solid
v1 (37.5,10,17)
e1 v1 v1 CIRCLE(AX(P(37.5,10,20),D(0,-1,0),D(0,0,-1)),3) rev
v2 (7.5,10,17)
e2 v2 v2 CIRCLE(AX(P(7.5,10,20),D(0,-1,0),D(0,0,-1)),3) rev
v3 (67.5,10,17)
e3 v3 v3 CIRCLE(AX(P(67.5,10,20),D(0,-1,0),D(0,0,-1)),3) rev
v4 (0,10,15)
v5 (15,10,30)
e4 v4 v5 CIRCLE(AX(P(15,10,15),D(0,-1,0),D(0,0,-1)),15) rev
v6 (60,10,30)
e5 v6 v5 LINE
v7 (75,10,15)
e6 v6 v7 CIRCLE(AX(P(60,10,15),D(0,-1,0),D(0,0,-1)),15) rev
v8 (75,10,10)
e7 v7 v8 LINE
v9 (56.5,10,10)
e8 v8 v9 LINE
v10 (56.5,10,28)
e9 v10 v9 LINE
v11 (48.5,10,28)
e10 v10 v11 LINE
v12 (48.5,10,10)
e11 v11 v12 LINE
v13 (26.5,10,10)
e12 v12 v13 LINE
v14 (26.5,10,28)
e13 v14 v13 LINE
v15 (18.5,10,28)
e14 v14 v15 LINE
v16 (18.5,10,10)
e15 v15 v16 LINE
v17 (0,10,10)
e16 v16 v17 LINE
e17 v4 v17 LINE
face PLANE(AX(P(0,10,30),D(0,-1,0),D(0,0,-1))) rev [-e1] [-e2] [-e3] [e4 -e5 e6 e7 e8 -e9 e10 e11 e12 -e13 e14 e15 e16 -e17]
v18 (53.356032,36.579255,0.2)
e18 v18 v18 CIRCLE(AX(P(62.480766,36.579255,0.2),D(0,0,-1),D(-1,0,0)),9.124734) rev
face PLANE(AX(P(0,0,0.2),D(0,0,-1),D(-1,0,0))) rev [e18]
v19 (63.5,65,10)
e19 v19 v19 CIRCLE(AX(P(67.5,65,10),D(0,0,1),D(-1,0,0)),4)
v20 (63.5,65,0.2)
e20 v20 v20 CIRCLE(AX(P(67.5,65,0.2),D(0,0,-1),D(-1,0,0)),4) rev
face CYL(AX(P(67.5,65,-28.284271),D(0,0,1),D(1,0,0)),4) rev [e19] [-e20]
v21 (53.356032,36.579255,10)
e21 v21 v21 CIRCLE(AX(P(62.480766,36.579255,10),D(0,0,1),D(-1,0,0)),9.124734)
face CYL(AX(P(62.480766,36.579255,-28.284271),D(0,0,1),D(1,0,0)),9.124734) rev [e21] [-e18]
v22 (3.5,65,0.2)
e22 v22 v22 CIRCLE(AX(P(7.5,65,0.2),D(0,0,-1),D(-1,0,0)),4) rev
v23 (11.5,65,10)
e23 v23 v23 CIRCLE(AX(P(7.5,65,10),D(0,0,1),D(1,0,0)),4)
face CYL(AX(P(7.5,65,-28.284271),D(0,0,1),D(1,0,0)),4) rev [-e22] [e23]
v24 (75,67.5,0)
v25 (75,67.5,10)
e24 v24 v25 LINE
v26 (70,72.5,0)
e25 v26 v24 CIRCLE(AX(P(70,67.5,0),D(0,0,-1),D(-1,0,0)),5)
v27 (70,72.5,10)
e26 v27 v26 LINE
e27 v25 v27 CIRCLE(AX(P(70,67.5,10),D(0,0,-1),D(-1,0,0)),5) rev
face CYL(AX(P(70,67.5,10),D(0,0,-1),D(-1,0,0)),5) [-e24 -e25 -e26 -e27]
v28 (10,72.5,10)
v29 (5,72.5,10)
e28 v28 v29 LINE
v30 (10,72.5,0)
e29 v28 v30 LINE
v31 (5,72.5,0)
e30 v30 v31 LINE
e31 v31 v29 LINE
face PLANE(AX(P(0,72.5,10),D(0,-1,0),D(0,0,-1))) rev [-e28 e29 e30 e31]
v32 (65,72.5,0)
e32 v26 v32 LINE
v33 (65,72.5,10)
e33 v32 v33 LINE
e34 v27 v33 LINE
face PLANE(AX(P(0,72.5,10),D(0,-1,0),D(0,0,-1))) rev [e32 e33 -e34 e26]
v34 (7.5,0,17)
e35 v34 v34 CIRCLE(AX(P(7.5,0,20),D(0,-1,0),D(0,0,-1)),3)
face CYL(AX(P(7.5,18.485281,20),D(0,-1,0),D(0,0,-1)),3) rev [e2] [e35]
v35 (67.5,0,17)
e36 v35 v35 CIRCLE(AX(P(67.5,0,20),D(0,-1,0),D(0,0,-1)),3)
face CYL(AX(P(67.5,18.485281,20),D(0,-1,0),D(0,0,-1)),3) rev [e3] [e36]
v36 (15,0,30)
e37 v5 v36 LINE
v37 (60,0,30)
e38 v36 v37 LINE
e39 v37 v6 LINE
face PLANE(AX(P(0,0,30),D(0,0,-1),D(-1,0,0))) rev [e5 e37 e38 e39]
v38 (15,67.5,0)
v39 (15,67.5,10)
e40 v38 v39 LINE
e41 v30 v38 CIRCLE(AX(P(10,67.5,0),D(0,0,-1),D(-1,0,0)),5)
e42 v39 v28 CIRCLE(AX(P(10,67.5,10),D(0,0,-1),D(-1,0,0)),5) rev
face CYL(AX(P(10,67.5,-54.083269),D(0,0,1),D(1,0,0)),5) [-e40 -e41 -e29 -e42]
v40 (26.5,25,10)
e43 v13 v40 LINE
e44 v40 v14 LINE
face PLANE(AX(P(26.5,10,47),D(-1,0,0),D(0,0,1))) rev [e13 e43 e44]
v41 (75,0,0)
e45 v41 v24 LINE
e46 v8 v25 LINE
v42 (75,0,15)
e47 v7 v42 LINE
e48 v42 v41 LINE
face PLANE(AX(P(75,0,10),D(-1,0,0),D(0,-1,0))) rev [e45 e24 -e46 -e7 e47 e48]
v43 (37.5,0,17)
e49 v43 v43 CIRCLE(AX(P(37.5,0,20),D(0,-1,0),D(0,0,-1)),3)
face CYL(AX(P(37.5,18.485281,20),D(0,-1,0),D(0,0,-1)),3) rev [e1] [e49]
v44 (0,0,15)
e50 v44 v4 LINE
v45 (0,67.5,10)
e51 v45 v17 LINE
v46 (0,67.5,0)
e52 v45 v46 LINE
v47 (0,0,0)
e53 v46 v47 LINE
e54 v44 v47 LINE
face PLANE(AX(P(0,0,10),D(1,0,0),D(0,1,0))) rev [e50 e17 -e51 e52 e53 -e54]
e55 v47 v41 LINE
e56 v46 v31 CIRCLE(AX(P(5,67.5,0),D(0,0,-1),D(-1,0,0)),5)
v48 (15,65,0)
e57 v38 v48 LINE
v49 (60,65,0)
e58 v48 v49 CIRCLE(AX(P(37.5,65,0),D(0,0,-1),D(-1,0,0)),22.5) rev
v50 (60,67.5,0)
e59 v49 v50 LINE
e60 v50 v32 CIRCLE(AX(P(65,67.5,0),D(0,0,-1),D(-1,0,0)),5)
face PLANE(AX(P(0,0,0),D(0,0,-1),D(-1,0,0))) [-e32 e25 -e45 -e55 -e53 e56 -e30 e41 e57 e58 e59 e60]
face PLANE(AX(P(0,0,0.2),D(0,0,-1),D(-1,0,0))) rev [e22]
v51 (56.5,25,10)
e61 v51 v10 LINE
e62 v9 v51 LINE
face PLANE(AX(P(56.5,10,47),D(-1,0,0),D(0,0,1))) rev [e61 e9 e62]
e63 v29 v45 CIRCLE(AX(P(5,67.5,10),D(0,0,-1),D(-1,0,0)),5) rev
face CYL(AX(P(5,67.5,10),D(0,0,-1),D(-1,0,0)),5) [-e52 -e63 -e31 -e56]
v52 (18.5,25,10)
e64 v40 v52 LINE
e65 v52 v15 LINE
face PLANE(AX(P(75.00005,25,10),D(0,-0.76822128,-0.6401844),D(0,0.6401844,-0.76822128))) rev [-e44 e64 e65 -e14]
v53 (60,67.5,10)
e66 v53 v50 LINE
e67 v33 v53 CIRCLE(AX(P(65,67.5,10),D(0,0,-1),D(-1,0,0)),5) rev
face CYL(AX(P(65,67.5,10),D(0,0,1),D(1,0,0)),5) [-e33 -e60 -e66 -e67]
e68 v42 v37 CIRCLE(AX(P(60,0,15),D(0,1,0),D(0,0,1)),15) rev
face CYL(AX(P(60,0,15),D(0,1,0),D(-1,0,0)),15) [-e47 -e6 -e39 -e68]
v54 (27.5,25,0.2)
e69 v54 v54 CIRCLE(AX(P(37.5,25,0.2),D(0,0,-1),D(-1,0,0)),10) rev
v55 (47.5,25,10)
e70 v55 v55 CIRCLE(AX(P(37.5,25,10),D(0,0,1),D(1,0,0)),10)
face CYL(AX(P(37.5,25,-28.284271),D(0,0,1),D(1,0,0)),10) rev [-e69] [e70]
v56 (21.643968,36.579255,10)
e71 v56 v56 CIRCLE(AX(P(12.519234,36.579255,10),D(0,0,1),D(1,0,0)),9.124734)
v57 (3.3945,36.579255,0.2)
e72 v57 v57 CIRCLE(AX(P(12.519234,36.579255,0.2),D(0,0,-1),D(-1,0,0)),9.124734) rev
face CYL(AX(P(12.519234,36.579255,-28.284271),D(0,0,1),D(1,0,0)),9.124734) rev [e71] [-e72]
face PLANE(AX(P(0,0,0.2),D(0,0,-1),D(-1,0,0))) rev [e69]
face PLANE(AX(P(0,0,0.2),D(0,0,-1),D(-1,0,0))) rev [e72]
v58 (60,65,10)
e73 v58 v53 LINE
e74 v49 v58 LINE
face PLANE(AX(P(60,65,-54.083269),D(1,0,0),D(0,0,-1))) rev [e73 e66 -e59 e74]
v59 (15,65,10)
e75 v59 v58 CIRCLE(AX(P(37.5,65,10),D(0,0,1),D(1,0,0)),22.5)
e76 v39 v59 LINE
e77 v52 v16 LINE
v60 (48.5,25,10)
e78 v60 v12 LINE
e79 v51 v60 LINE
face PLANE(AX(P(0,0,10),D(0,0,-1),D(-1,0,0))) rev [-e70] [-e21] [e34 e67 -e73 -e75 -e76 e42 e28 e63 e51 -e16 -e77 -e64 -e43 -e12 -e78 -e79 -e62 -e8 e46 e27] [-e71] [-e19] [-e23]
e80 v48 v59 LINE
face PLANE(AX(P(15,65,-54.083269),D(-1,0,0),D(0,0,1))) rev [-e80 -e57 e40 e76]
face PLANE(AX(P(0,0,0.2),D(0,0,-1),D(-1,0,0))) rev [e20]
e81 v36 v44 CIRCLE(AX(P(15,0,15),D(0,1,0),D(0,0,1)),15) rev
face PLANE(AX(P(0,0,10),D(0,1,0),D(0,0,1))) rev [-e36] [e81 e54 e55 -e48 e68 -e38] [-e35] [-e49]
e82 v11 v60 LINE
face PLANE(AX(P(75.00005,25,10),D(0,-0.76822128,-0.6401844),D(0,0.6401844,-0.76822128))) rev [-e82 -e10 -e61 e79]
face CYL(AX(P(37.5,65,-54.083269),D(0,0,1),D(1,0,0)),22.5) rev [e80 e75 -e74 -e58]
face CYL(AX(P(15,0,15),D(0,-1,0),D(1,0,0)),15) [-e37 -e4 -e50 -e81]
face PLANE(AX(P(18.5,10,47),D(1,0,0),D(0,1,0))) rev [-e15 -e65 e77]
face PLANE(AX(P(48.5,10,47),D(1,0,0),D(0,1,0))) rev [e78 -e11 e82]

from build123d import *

# Parameters (mm, degrees)
SKETCH1_W           = 75
SKETCH1_H           = 72.5
BOSS_EXTRUDE1_DEPTH = 10
CUT_EXTRUDE1_DEPTH  = 10
SKETCH3_W           = 75
SKETCH3_H           = 10
FEET_DEPTH          = 20
SKETCH4_R           = 3
FEET_HOLE_DEPTH     = 10
SKETCH6_W           = 8
SKETCH6_H           = 15
BOSS_EXTRUDE2_DEPTH = 18
CUT_EXTRUDE2_DEPTH  = 97.687641403
SKETCH5_R           = 4
SKETCH5_R_2         = 10
SKETCH5_R_3         = 9.124733902
CUT_EXTRUDE3_DEPTH  = 9.8
FILLET1_R           = 5
FILLET2_R           = 15


with BuildPart() as part:
    # Sketch1 → Boss-Extrude1 (new body)
    with BuildSketch(Plane.XY):
        with Locations((37.5, 36.25)):
            Rectangle(SKETCH1_W, SKETCH1_H)
    extrude(amount=BOSS_EXTRUDE1_DEPTH)

    # Sketch2 → Cut-Extrude1 (cut)
    with BuildSketch(Plane.XY.offset(10)):
        with BuildLine():
            Line((60, 65), (60, 72.5))
            Line((60, 72.5), (15, 72.5))
            Line((15, 72.5), (15, 65))
            ThreePointArc((15, 65), (37.5, 42.5), (60, 65))
        make_face()
    extrude(amount=-CUT_EXTRUDE1_DEPTH, mode=Mode.SUBTRACT)

    # Sketch3 → feet (add)
    with BuildSketch(Plane.XY.offset(10)):
        with Locations((37.5, 5)):
            Rectangle(SKETCH3_W, SKETCH3_H)
    extrude(amount=FEET_DEPTH)

    # Sketch4 → feet-hole (cut)
    with BuildSketch(Plane.XZ):
        with Locations(Location((7.5, 20, 0), (0, 0, 270))):
            Circle(SKETCH4_R)
        with Locations(Location((67.5, 20, 0), (0, 0, 270))):
            Circle(SKETCH4_R)
        with Locations(Location((37.5, 20, 0), (0, 0, 270))):
            Circle(SKETCH4_R)
    extrude(amount=-FEET_HOLE_DEPTH, mode=Mode.SUBTRACT)

    # Sketch6 → Boss-Extrude2 (add)
    with BuildSketch(Plane.XY.offset(10)):
        with Locations((22.5, 17.5)):
            Rectangle(SKETCH6_W, SKETCH6_H)
        with Locations((52.5, 17.5)):
            Rectangle(SKETCH6_W, SKETCH6_H)
    extrude(amount=BOSS_EXTRUDE2_DEPTH)

    # Sketch7 → Cut-Extrude2 (cut, through all)
    with BuildSketch(Plane.ZY.offset(-18.5)):
        Polygon((10, 25), (28, 10), (28, 25), align=None)
    extrude(amount=-CUT_EXTRUDE2_DEPTH, mode=Mode.SUBTRACT)

    # Sketch5 → Cut-Extrude3 (cut)
    with BuildSketch(Plane.XY.offset(10)):
        with Locations((7.5, 65)):
            Circle(SKETCH5_R)
        with Locations(Location((67.5, 65, 0), (0, 0, 180))):
            Circle(SKETCH5_R)
        with Locations((37.5, 25)):
            Circle(SKETCH5_R_2)
        with Locations((12.51923423, 36.579255476)):
            Circle(SKETCH5_R_3)
        with Locations(Location((62.48076577, 36.579255476, 0), (0, 0, 180))):
            Circle(SKETCH5_R_3)
    extrude(amount=-CUT_EXTRUDE3_DEPTH, mode=Mode.SUBTRACT)

    # Fillet1
    fillet1_edges = [part.edges().sort_by_distance(p)[0] for p in [
        (0, 72.5, 5),
        (15, 72.5, 5),
        (60, 72.5, 5),
        (75, 72.5, 5),
    ]]
    fillet(fillet1_edges, radius=FILLET1_R)

    # Fillet2
    fillet2_edges = [part.edges().sort_by_distance(p)[0] for p in [
        (0, 5, 30),
        (75, 5, 30),
    ]]
    fillet(fillet2_edges, radius=FILLET2_R)


solid = part.part
